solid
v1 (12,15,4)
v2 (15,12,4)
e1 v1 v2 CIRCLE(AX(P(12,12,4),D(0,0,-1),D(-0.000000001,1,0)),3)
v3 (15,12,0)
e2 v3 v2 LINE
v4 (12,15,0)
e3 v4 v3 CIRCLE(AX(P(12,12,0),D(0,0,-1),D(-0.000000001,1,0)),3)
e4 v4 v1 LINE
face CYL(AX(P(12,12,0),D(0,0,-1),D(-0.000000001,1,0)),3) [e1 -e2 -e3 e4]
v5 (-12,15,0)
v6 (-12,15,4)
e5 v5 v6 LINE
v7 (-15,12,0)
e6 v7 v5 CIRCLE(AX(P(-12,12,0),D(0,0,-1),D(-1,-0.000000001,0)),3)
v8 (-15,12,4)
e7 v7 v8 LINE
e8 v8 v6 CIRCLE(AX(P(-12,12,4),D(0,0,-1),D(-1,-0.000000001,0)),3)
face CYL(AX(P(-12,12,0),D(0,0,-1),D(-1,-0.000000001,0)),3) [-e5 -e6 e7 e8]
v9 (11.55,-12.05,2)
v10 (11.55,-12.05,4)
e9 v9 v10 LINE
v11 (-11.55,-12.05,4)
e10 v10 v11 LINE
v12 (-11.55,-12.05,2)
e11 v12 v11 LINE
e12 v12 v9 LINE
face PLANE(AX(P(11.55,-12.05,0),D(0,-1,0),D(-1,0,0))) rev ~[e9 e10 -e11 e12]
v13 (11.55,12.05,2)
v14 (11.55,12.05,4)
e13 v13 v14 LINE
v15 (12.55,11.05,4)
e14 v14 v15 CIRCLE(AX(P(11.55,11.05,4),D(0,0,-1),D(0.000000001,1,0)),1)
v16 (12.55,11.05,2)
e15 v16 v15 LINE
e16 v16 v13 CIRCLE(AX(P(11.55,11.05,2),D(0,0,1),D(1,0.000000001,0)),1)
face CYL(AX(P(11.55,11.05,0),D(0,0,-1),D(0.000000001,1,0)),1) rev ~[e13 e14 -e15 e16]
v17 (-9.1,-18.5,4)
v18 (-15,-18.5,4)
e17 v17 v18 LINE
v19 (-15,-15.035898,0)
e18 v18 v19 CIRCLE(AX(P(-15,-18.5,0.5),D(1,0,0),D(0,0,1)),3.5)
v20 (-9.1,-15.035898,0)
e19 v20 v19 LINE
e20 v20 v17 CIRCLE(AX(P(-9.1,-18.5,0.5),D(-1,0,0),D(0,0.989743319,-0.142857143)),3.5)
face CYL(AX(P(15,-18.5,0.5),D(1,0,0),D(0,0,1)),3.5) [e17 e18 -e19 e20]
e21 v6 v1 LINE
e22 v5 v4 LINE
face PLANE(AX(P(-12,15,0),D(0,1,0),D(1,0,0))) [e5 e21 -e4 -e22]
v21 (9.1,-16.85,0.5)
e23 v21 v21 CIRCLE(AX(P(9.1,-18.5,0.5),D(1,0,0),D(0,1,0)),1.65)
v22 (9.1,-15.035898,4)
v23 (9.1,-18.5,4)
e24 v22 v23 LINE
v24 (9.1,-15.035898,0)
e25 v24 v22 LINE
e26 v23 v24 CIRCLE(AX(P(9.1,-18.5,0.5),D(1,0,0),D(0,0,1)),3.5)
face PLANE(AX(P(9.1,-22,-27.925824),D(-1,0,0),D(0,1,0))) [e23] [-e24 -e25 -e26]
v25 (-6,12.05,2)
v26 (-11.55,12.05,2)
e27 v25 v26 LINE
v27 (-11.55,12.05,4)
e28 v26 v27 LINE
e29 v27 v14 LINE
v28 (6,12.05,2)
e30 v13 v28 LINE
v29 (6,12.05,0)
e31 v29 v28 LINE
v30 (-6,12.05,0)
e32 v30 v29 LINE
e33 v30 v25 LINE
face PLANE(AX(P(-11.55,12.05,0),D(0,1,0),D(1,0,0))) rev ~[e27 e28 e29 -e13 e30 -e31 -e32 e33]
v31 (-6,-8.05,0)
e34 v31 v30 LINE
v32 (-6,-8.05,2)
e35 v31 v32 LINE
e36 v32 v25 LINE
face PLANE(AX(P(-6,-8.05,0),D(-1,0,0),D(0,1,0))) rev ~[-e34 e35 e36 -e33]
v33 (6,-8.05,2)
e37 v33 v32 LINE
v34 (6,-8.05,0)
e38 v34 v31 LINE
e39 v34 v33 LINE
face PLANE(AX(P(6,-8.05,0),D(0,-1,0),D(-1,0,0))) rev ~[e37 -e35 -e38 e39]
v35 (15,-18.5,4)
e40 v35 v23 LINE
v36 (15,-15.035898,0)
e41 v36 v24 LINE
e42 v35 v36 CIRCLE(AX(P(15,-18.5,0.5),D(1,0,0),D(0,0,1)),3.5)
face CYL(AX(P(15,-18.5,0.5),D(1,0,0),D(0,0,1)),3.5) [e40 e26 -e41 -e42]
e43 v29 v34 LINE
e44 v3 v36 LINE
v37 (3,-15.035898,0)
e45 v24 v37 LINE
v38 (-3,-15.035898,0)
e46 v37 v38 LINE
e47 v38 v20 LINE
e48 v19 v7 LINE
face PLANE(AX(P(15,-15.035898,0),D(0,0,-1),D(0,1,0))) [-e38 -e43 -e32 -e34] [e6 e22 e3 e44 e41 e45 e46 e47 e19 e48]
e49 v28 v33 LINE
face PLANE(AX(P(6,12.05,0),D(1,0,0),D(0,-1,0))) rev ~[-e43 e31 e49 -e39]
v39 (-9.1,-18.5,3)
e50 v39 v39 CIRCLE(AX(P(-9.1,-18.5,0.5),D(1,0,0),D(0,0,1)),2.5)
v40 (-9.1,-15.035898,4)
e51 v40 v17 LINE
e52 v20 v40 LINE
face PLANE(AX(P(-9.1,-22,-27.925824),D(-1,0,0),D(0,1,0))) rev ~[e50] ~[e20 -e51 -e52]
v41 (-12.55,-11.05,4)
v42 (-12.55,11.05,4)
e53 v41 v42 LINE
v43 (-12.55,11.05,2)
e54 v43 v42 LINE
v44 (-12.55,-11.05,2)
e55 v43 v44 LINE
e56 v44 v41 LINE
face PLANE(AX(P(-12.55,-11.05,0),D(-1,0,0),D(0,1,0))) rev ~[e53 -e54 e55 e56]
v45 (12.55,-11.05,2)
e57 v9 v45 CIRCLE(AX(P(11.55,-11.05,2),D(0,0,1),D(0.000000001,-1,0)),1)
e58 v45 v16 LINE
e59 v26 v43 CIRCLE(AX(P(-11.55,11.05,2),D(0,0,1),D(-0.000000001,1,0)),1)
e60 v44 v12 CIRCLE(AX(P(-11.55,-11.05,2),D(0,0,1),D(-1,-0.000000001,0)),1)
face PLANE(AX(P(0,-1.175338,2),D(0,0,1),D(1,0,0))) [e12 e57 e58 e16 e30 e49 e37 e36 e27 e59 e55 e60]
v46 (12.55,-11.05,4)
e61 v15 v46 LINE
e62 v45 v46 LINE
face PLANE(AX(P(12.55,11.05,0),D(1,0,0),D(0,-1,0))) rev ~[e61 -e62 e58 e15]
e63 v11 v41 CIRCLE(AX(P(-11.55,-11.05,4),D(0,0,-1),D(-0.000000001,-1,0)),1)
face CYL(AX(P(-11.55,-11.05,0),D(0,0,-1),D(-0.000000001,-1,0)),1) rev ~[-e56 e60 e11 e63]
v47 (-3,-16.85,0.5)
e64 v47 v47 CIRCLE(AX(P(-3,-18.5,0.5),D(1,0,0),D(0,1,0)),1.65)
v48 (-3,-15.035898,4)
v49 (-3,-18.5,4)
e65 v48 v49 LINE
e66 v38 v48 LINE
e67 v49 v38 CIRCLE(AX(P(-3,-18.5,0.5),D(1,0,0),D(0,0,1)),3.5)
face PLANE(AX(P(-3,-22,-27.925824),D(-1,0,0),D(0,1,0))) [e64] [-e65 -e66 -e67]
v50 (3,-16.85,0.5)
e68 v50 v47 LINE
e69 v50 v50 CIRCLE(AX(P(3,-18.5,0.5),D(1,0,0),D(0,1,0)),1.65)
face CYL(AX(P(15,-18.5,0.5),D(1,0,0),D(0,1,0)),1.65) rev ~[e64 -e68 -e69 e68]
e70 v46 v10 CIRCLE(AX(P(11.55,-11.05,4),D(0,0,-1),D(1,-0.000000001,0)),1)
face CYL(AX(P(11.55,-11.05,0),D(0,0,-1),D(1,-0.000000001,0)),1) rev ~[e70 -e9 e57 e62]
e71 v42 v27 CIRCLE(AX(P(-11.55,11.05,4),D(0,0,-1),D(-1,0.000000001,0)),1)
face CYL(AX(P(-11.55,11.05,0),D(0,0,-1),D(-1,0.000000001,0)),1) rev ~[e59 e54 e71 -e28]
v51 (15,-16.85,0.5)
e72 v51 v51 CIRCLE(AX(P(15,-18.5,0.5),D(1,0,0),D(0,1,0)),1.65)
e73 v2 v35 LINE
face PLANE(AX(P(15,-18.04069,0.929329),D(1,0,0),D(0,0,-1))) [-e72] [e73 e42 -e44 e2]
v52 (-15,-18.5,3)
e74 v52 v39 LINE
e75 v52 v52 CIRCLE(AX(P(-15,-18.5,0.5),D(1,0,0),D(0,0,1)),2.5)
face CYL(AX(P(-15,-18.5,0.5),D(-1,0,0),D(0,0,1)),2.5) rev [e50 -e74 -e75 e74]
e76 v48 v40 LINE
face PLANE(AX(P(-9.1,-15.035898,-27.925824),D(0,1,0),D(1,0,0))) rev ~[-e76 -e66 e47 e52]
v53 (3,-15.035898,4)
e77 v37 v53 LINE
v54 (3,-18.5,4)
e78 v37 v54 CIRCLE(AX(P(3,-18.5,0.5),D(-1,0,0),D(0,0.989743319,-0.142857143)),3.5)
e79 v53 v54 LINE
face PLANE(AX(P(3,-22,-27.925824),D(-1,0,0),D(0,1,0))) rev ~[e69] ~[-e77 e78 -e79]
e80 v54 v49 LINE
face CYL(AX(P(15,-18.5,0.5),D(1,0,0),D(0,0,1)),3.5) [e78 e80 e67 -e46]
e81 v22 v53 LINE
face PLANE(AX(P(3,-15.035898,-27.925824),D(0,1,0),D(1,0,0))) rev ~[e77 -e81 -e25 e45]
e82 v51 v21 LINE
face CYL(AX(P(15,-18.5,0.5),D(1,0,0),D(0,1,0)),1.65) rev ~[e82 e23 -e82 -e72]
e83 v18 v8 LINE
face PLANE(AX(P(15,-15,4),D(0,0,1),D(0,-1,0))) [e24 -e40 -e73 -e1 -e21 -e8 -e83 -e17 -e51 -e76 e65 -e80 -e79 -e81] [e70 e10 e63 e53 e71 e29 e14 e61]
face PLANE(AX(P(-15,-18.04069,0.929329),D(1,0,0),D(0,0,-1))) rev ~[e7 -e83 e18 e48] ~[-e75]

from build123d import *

# Parameters (mm, degrees)
SALIENTE_EXTRUIR1_DEPTH    = 2
SALIENTE_EXTRUIR2_DEPTH    = 4
CROQUIS2_R                 = 1.65
SALIENTE_EXTRUIR3_DEPTH    = 30
CORTAR_EXTRUIR1_DEPTH      = 27.925824036
CORTAR_EXTRUIR1_DEPTH_BACK = 27.925824036
CROQUIS3_W                 = 6.1
CROQUIS3_H                 = 6.964101615
CORTAR_EXTRUIR3_START      = -30
CROQUIS2_3_R               = 2.5
CROQUIS2_3_R_2             = 1.65
CORTAR_EXTRUIR3_DEPTH      = 5.9


with BuildPart() as part:
    # Croquis1 → Saliente-Extruir1 (new body)
    with BuildSketch(Plane.XY):
        with BuildLine():
            Line((-6, 12.05), (-11.55, 12.05))
            ThreePointArc((-11.55, 12.05), (-12.257106781, 11.757106781), (-12.55, 11.05))
            Line((-12.55, 11.05), (-12.55, -11.05))
            ThreePointArc((-12.55, -11.05), (-12.257106781, -11.757106781), (-11.55, -12.05))
            Line((-11.55, -12.05), (11.55, -12.05))
            ThreePointArc((11.55, -12.05), (12.257106781, -11.757106781), (12.55, -11.05))
            Line((12.55, -11.05), (12.55, 11.05))
            ThreePointArc((12.55, 11.05), (12.257106781, 11.757106781), (11.55, 12.05))
            Line((11.55, 12.05), (6, 12.05))
            Line((6, 12.05), (6, -8.05))
            Line((6, -8.05), (-6, -8.05))
            Line((-6, -8.05), (-6, 12.05))
        make_face()
    extrude(amount=SALIENTE_EXTRUIR1_DEPTH)

    # Croquis1<3> → Saliente-Extruir2 (add)
    with BuildSketch(Plane.XY):
        with BuildLine():
            Line((-12, 15), (12, 15))
            ThreePointArc((12, 15), (14.121320344, 14.121320344), (15, 12))
            Line((15, 12), (15, -15))
            Line((15, -15), (-15, -15))
            Line((-15, -15), (-15, 12))
            ThreePointArc((-15, 12), (-14.121320344, 14.121320344), (-12, 15))
        make_face()
        with BuildLine():
            Line((-11.55, 12.05), (11.55, 12.05))
            ThreePointArc((11.55, 12.05), (12.257106781, 11.757106781), (12.55, 11.05))
            Line((12.55, 11.05), (12.55, -11.05))
            ThreePointArc((12.55, -11.05), (12.257106781, -11.757106781), (11.55, -12.05))
            Line((11.55, -12.05), (-11.55, -12.05))
            ThreePointArc((-11.55, -12.05), (-12.257106781, -11.757106781), (-12.55, -11.05))
            Line((-12.55, -11.05), (-12.55, 11.05))
            ThreePointArc((-12.55, 11.05), (-12.257106781, 11.757106781), (-11.55, 12.05))
        make_face(mode=Mode.SUBTRACT)
    extrude(amount=SALIENTE_EXTRUIR2_DEPTH)

    # Croquis2 → Saliente-Extruir3 (add)
    with BuildSketch(Plane(origin=(15, 0, 0), x_dir=(0, 0, -1), z_dir=(1, 0, 0))):
        with BuildLine():
            Line((0, -15.035898385), (0, -15))
            Line((0, -15), (-4, -15))
            Line((-4, -15), (-4, -18.5))
            ThreePointArc((-4, -18.5), (1.791287847, -21.145751311), (0, -15.035898385))
        make_face()
        with Locations(Location((-0.5, -18.5, 0), (0, 0, 90))):
            Circle(CROQUIS2_R, mode=Mode.SUBTRACT)
    extrude(amount=-SALIENTE_EXTRUIR3_DEPTH)

    # Croquis3 → Cortar-Extruir1 (cut, two sides: drawn at the far end of the back side and taken through both)
    with BuildSketch(Plane.XY.offset(-CORTAR_EXTRUIR1_DEPTH_BACK)):
        with Locations((-6.05, -18.517949193)):
            Rectangle(CROQUIS3_W, CROQUIS3_H)
        with Locations((6.05, -18.517949193)):
            Rectangle(CROQUIS3_W, CROQUIS3_H)
    extrude(amount=CORTAR_EXTRUIR1_DEPTH + CORTAR_EXTRUIR1_DEPTH_BACK, mode=Mode.SUBTRACT)

    # Croquis2<3> → Cortar-Extruir3 (cut)
    with BuildSketch(Plane(origin=(15, 0, 0), x_dir=(0, 0, -1), z_dir=(1, 0, 0)).offset(CORTAR_EXTRUIR3_START)):
        with Locations(Location((-0.5, -18.5, 0), (0, 0, 180))):
            Circle(CROQUIS2_3_R)
        with Locations(Location((-0.5, -18.5, 0), (0, 0, 90))):
            Circle(CROQUIS2_3_R_2, mode=Mode.SUBTRACT)
    extrude(amount=CORTAR_EXTRUIR3_DEPTH, mode=Mode.SUBTRACT)


solid = part.part
